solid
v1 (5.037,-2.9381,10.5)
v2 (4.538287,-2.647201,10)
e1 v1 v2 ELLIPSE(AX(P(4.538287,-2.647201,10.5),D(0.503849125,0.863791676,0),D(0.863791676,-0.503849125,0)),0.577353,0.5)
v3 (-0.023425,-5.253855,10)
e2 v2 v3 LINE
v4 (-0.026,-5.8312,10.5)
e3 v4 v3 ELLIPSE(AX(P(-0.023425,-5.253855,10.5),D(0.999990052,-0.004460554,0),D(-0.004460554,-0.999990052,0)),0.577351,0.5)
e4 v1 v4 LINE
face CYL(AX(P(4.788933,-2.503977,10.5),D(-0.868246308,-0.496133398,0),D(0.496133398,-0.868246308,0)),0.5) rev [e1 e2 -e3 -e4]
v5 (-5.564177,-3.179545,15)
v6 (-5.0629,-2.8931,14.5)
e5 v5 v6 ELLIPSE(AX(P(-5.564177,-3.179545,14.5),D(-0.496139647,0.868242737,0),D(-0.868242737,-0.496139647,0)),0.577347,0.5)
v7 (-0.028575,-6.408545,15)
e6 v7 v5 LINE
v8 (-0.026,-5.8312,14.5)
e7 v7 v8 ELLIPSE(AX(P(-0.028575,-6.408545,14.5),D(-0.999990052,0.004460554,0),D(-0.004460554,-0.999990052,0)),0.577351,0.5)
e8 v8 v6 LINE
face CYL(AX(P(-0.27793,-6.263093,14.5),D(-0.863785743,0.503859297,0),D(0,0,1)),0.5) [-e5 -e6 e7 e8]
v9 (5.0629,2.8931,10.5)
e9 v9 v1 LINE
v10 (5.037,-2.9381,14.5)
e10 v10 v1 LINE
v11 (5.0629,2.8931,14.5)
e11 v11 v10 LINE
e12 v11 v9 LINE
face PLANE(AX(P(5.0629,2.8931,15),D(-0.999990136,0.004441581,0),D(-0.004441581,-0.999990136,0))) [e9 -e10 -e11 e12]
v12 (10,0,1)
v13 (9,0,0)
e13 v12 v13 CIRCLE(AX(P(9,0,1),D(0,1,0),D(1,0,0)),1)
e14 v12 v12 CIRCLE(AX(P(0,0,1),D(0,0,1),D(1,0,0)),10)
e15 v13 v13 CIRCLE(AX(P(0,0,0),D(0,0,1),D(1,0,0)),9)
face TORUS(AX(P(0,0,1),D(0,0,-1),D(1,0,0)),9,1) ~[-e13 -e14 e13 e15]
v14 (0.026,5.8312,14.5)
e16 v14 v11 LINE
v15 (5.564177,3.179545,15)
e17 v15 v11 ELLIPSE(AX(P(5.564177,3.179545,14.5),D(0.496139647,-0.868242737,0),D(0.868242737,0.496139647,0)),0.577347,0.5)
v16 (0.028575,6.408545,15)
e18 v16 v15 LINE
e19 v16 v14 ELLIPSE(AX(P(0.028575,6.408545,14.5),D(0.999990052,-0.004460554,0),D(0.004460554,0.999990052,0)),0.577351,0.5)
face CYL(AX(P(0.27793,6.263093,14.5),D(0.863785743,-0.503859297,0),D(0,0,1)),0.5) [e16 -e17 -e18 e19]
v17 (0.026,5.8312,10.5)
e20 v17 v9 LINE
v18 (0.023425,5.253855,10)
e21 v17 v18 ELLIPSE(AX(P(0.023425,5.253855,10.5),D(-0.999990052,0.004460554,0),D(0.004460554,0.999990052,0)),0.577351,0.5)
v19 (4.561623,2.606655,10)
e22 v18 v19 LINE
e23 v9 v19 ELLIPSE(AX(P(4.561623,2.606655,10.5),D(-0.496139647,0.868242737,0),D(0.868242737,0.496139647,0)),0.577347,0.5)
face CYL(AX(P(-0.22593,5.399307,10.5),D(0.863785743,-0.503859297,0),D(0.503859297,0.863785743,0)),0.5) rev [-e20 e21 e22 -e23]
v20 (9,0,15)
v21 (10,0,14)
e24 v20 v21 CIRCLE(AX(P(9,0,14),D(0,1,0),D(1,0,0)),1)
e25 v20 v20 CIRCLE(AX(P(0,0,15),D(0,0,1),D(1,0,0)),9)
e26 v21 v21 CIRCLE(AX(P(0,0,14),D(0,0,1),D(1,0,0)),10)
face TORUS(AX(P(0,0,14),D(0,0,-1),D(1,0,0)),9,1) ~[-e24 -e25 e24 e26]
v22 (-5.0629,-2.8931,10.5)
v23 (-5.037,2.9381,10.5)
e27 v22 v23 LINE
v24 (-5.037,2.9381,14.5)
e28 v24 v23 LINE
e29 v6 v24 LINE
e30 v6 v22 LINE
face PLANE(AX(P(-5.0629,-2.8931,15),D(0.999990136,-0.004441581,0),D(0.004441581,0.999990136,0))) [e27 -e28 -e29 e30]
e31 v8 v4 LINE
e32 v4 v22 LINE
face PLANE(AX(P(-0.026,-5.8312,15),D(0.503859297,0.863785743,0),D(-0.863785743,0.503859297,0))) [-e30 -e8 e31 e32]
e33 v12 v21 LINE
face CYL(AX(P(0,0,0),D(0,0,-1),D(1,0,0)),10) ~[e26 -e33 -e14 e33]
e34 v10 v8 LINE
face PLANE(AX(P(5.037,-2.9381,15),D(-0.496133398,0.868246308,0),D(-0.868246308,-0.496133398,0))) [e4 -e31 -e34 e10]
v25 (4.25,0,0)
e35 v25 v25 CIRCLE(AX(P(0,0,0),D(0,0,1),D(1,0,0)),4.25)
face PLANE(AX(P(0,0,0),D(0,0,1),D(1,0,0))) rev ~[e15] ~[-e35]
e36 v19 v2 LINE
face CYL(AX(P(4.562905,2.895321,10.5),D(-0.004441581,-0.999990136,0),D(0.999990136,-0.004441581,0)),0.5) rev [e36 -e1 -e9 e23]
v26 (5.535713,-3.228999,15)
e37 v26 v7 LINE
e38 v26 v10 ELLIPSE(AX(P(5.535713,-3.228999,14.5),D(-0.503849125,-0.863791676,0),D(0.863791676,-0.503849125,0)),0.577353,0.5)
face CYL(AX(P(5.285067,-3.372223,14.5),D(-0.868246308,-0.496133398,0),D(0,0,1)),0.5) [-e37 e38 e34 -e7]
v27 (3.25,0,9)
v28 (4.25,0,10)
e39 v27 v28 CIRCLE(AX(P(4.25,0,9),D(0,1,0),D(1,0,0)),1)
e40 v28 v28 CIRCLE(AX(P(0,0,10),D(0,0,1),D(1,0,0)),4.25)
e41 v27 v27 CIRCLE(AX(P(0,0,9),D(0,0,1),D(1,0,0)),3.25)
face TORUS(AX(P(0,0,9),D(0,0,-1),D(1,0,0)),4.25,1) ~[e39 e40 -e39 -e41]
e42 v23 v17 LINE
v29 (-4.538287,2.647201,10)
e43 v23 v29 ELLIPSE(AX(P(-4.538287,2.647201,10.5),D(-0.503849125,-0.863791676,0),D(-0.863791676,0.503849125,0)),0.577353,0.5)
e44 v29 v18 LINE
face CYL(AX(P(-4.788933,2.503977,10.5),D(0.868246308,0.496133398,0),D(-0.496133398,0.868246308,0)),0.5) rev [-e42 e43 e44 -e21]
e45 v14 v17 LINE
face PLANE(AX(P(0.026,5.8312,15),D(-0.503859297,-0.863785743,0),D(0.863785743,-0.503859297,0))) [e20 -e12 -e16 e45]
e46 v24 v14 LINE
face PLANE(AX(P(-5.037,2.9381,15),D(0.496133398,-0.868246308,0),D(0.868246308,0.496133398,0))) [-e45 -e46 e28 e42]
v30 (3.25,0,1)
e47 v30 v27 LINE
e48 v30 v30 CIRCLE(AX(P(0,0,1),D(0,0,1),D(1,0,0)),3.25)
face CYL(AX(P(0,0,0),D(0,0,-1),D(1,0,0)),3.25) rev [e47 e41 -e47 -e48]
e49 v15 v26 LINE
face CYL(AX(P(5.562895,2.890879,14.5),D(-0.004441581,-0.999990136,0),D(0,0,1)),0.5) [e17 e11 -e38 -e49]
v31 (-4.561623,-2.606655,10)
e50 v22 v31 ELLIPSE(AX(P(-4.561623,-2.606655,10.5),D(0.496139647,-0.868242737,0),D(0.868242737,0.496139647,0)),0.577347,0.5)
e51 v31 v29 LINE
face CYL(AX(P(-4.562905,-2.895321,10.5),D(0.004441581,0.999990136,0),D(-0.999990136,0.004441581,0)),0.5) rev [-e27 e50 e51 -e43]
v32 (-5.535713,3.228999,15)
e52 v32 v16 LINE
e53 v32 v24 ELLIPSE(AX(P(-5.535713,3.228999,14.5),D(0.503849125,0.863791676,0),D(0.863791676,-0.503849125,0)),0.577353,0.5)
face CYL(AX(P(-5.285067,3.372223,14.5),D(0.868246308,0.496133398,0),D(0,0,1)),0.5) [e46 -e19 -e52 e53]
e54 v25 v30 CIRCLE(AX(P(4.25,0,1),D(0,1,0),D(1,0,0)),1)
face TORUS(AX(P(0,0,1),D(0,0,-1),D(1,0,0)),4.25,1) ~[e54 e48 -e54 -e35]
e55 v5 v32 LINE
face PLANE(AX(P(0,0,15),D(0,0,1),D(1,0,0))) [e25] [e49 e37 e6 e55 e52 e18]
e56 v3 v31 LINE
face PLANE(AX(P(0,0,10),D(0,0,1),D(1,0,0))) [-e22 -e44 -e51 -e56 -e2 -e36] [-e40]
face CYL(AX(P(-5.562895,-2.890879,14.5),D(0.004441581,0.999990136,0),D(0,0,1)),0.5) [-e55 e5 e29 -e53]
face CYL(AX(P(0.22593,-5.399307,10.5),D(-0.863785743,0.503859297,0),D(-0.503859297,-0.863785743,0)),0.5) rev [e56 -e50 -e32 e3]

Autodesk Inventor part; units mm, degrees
ref_plane "YZ Plane" through (0, 0, 0) normal (1, 0, 0) x (0, 1, 0)
ref_plane "XZ Plane" through (0, 0, 0) normal (0, 1, 0) x (-1, 0, 0)
ref_plane "XY Plane" through (0, 0, 0) normal (0, 0, 1) x (1, 0, 0)
sketch "Sketch2" plane through (0, 0, 0) normal (0, 0, 1) x (1, 0, 0)
  circle A0 centre (0, 0) radius 10
  circle A1 centre (0, 0) radius 3.25
  dimension "d0" = 20
  dimension "d1" = 6.5
extrude "Extrusion1" add sketch "Sketch2" along normal blind 15
sketch "Sketch3" plane through (0, 0, 15) normal (0, 0, 1) x (1, 0, 0)
  circle A0 centre (0, 0) radius 3.25 projected
  line L0 (5.0629, 2.8931) -> (5.037, -2.9381)
  line L1 (5.037, -2.9381) -> (-0.026, -5.8312)
  line L2 (-0.026, -5.8312) -> (-5.0629, -2.8931)
  line L3 (-5.0629, -2.8931) -> (-5.037, 2.9381)
  line L4 (-5.037, 2.9381) -> (0.026, 5.8312)
  line L5 (0.026, 5.8312) -> (5.0629, 2.8931)
  dimension "d4" = 10.1
extrude "Extrusion2" cut sketch "Sketch3" against normal blind 5
fillet "Fillet1" radius 0.5 12 edges at (-2.5055, 4.3846, 15) (2.5444, 4.3621, 15) (5.0499, -0.0225, 15) (2.5055, -4.3846, 15) (-2.5444, -4.3621, 15) (-5.0499, 0.0225, 15) (-5.0499, 0.0225, 10) (-2.5055, 4.3846, 10) (2.5444, 4.3621, 10) (5.0499, -0.0225, 10) (2.5055, -4.3846, 10) (-2.5444, -4.3621, 10)
fillet "Fillet2" radius 1 4 edges at (-3.25, 0, 10) (-3.25, 0, 0) (-10, 0, 15) (-10, 0, 0)
properties part number "ExtensionFastener"
